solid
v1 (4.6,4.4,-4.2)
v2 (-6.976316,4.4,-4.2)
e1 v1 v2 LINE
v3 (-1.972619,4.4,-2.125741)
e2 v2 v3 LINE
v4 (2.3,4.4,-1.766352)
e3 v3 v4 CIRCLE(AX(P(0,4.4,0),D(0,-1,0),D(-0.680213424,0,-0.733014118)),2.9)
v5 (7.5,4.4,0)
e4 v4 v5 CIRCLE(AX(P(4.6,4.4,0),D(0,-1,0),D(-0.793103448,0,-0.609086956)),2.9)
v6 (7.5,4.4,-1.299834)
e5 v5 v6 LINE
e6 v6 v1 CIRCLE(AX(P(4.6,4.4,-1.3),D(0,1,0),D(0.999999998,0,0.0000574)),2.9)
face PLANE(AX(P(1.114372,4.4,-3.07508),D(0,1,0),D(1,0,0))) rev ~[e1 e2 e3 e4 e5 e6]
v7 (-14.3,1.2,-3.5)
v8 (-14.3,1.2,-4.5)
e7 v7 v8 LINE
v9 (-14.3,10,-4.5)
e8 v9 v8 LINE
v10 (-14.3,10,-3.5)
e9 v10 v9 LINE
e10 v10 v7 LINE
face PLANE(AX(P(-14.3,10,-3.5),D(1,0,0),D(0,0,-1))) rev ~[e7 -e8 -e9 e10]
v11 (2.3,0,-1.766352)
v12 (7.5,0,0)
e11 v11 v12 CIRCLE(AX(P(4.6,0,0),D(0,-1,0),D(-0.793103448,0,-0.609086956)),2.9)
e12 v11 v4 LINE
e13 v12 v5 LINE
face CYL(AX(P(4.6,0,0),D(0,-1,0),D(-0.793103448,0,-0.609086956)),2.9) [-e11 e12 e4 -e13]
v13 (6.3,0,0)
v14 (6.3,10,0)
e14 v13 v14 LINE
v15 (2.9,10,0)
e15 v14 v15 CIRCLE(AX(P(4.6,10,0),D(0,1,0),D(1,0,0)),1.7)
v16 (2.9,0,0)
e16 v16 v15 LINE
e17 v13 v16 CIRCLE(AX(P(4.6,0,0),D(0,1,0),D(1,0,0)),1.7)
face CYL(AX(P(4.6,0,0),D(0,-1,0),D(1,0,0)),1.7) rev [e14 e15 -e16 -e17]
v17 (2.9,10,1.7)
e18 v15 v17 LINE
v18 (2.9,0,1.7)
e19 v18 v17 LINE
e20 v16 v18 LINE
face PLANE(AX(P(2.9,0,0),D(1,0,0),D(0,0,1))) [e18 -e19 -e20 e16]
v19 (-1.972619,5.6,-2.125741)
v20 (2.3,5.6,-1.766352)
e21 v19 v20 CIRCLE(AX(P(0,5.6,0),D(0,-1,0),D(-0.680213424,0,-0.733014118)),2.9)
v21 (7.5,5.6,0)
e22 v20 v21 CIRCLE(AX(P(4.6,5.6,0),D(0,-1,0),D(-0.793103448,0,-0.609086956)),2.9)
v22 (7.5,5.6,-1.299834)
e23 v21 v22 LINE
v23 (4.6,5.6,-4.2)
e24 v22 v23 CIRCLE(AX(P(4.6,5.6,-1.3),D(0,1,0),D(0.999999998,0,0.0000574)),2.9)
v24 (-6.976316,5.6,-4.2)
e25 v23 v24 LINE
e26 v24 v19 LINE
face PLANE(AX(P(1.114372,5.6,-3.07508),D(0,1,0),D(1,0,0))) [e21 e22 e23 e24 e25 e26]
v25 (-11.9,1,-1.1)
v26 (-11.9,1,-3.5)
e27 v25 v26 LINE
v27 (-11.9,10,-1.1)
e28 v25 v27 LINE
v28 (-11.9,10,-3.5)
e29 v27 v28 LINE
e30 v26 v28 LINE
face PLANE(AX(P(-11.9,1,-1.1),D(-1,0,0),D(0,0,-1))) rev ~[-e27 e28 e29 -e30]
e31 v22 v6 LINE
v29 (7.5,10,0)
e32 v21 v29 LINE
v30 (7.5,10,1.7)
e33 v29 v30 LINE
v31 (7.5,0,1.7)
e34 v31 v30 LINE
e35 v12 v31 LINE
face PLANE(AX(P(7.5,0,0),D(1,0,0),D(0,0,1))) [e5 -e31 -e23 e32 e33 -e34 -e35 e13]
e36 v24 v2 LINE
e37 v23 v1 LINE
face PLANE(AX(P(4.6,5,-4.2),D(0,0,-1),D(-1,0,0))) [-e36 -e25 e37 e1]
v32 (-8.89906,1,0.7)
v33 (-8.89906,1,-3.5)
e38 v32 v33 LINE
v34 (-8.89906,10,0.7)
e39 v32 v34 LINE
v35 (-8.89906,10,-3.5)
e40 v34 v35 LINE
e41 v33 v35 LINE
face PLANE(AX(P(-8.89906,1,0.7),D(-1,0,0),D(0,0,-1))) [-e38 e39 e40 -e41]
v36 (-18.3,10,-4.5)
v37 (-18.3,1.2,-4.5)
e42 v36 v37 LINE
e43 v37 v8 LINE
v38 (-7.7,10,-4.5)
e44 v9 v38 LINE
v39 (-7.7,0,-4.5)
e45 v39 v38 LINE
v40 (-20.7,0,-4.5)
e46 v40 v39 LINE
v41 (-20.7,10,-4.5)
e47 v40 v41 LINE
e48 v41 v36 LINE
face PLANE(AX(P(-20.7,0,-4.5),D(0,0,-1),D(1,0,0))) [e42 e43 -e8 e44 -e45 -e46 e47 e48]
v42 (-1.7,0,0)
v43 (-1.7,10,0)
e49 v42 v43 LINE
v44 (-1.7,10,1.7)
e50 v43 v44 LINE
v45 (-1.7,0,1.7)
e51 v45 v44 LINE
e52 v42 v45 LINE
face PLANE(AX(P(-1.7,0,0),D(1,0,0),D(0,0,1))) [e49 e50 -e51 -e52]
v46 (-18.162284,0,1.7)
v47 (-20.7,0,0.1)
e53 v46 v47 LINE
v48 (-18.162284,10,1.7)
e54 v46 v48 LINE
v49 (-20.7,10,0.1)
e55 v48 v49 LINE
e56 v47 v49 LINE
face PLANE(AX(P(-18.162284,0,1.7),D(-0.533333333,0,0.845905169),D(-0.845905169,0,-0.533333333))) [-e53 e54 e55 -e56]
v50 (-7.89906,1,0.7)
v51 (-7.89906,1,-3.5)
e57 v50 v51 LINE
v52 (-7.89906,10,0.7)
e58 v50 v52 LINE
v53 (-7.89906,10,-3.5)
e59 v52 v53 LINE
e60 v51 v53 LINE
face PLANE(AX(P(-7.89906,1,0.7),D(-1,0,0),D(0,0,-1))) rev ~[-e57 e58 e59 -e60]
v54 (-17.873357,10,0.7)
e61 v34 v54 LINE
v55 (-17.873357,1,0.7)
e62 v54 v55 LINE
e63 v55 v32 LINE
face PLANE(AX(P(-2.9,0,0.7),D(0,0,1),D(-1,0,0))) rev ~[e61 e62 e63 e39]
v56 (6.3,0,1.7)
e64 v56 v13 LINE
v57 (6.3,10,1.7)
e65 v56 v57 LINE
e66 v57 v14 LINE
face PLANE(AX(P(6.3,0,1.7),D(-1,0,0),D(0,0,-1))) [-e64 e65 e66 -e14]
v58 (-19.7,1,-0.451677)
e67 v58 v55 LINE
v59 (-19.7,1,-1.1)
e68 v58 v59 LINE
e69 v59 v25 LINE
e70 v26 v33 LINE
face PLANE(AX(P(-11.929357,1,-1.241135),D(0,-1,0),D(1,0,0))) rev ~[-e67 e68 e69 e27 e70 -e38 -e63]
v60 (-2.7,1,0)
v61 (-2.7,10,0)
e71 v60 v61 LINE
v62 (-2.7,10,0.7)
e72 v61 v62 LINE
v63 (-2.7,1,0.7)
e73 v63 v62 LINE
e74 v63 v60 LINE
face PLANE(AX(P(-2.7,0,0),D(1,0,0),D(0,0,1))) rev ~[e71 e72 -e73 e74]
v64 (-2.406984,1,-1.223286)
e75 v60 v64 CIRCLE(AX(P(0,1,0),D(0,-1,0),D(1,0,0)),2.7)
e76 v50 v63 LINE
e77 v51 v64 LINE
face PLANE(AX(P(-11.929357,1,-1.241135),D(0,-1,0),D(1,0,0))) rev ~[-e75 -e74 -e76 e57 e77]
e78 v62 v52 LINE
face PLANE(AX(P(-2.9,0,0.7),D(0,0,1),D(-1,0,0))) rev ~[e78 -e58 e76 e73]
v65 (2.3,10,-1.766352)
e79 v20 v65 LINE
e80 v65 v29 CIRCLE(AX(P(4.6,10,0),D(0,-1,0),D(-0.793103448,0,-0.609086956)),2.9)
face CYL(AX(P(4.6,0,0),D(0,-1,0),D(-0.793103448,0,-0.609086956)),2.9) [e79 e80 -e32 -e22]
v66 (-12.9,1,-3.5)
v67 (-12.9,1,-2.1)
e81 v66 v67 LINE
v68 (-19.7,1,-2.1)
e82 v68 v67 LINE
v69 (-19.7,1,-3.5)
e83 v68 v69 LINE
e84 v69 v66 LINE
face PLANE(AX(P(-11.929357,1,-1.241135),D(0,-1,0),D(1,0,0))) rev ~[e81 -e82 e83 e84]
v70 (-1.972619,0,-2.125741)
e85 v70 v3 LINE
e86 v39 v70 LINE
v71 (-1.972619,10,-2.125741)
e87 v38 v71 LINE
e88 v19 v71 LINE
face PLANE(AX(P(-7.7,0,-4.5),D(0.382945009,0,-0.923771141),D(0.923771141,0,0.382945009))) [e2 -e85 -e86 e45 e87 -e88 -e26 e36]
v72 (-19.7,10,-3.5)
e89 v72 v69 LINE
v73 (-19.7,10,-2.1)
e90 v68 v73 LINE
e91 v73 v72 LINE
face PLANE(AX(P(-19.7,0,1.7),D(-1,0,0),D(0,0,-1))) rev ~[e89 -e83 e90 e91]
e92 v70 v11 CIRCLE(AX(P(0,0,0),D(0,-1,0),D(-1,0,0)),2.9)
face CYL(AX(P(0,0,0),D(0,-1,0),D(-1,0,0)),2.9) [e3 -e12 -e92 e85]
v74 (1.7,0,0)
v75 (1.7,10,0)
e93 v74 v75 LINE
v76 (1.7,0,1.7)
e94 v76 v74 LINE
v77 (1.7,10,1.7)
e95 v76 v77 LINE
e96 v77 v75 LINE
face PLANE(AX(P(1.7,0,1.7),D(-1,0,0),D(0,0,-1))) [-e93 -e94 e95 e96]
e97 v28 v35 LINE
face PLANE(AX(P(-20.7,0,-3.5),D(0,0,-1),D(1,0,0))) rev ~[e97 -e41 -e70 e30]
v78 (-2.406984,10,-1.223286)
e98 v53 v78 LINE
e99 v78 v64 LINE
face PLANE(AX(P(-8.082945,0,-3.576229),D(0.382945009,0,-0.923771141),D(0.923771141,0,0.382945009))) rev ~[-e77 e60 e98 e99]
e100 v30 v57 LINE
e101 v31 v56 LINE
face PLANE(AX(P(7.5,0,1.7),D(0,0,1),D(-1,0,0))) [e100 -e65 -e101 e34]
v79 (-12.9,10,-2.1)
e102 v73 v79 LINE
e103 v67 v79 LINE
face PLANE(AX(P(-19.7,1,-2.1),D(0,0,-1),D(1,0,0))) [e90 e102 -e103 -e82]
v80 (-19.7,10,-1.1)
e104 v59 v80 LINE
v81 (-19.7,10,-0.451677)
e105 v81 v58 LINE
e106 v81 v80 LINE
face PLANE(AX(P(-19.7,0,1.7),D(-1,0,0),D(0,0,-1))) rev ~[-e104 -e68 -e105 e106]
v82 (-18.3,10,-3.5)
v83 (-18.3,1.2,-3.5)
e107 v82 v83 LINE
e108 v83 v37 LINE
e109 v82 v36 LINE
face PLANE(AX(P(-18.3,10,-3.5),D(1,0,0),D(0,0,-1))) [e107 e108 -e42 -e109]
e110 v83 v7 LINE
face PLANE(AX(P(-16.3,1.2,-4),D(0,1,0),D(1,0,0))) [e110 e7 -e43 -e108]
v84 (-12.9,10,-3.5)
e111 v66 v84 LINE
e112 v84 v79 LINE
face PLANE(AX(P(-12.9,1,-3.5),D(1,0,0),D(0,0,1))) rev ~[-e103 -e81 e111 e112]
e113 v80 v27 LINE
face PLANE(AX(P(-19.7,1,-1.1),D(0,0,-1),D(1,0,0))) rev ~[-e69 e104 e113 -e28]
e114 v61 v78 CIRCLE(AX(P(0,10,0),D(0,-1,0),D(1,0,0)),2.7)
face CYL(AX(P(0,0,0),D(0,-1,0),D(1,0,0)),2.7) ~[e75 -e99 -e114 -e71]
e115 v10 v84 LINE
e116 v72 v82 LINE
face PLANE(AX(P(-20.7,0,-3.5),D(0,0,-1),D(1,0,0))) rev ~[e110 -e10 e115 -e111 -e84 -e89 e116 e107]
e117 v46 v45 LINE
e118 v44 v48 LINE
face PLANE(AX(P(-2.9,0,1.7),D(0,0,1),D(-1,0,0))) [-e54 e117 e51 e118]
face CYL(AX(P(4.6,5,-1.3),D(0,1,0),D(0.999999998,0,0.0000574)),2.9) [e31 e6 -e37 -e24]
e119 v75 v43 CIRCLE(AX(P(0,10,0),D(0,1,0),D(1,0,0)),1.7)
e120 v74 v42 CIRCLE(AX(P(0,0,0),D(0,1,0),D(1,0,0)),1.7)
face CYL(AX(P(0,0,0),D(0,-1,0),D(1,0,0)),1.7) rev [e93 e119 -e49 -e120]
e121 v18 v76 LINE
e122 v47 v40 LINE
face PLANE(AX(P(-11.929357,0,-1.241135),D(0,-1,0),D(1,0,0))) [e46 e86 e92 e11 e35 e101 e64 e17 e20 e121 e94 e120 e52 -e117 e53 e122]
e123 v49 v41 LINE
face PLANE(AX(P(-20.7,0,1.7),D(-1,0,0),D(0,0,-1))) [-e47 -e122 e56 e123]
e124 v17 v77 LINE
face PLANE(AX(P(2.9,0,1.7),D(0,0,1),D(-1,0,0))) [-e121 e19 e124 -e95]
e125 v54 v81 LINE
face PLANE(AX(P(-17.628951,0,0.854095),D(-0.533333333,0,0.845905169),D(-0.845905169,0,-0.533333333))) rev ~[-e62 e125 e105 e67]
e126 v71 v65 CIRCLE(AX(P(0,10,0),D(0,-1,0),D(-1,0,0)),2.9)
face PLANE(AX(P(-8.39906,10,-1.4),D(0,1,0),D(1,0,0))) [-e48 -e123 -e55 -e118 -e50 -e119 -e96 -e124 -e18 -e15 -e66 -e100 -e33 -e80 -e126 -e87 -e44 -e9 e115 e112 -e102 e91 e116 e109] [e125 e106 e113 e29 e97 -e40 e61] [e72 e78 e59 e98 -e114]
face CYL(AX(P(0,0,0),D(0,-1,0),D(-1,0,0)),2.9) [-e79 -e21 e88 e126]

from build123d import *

# Parameters (mm, degrees)
BOSS_EXTRUDE1_DEPTH = 10
BOSS_EXTRUDE2_DEPTH = 10
CUT_EXTRUDE1_DEPTH  = 10
SHELL2_T            = -1
SKETCH4_W           = 1
SKETCH4_H           = 4.2
BOSS_EXTRUDE3_DEPTH = 9
SKETCH7_W           = 6.8
SKETCH7_H           = 1
BOSS_EXTRUDE4_DEPTH = 9
SKETCH8_W           = 4
SKETCH8_H           = 1
CUT_EXTRUDE2_DEPTH  = 8.8
BOSS_EXTRUDE5_DEPTH = 0.6


with BuildPart() as part:
    # Sketch1 → Boss-Extrude1 (new body)
    with BuildSketch(Plane(origin=(0, 0, 0), x_dir=(1, 0, 0), z_dir=(0, 1, 0))):
        with BuildLine():
            ThreePointArc((-2.9, 0), (-0.932737905, 2.745906044), (2.3, 1.766352173))
            ThreePointArc((2.3, 1.766352173), (5.532737905, 2.745906044), (7.5, 0))
            Line((7.5, 0), (7.5, -1.7))
            Line((7.5, -1.7), (6.3, -1.7))
            Line((6.3, -1.7), (6.3, 0))
            ThreePointArc((6.3, 0), (4.6, 1.7), (2.9, 0))
            Line((2.9, 0), (2.9, -1.7))
            Line((2.9, -1.7), (1.7, -1.7))
            Line((1.7, -1.7), (1.7, 0))
            ThreePointArc((1.7, 0), (0, 1.7), (-1.7, 0))
            Line((-1.7, 0), (-1.7, -1.7))
            Line((-1.7, -1.7), (-2.9, -1.7))
            Line((-2.9, -1.7), (-2.9, 0))
        make_face()
    extrude(amount=BOSS_EXTRUDE1_DEPTH)

    # Sketch2 → Boss-Extrude2 (add)
    with BuildSketch(Plane.XZ):
        with BuildLine():
            Line((-2.9, 1.7), (-20.7, 1.7))
            Line((-20.7, 1.7), (-20.7, -4.5))
            Line((-20.7, -4.5), (-7.7, -4.5))
            Line((-7.7, -4.5), (-1.972618929, -2.125740944))
            ThreePointArc((-1.972618929, -2.125740944), (-2.658062724, -1.159613105), (-2.9, 0))
            Line((-2.9, 0), (-2.9, 1.7))
        make_face()
    extrude(amount=-BOSS_EXTRUDE2_DEPTH)

    # Sketch3 → Cut-Extrude1 (cut)
    with BuildSketch(Plane.XZ):
        Polygon((-18.162284492, 1.7), (-20.7, 0.1), (-20.7, 1.7), align=None)
    extrude(amount=-CUT_EXTRUDE1_DEPTH, mode=Mode.SUBTRACT)

    # Shell2
    shell2_openings = [part.faces().sort_by_distance(p)[0] for p in [
        (-2.051423917, 10, -0.549910722),
    ]]
    offset(amount=SHELL2_T, openings=shell2_openings, kind=Kind.INTERSECTION)

    # Sketch4 → Boss-Extrude3 (add)
    with BuildSketch(Plane(origin=(0, 1, 0), x_dir=(1, 0, 0), z_dir=(0, 1, 0))):
        with Locations((-8.399059546, 1.4)):
            Rectangle(SKETCH4_W, SKETCH4_H)
    extrude(amount=BOSS_EXTRUDE3_DEPTH)

    # Sketch7 → Boss-Extrude4 (add)
    with BuildSketch(Plane(origin=(0, 1, 0), x_dir=(1, 0, 0), z_dir=(0, 1, 0))):
        with Locations((-16.3, 1.6)):
            Rectangle(SKETCH7_W, SKETCH7_H)
        Polygon((-11.9, 3.5), (-12.9, 3.5), (-12.9, 2.1), (-12.9, 1.1), (-11.9, 1.1), align=None)
    extrude(amount=BOSS_EXTRUDE4_DEPTH)

    # Sketch8 → Cut-Extrude2 (cut)
    with BuildSketch(Plane(origin=(0, 10, 0), x_dir=(1, 0, 0), z_dir=(0, 1, 0))):
        with Locations((-16.3, 4)):
            Rectangle(SKETCH8_W, SKETCH8_H)
    extrude(amount=-CUT_EXTRUDE2_DEPTH, mode=Mode.SUBTRACT)

    # Sketch9 → Boss-Extrude5 (add, symmetric)
    with BuildSketch(Plane(origin=(0, 5, 0), x_dir=(1, 0, 0), z_dir=(0, 1, 0))):
        with BuildLine():
            Line((0, 4.2), (-6.976315566, 4.2))
            Line((-6.976315566, 4.2), (-1.972618929, 2.125740944))
            ThreePointArc((-1.972618929, 2.125740944), (0.243073371, 2.889795034), (2.3, 1.766352173))
            ThreePointArc((2.3, 1.766352173), (5.532737905, 2.745906044), (7.5, 0))
            Line((7.5, 0), (7.5, 1.299833538))
            ThreePointArc((7.5, 1.299833538), (6.65066852, 3.350550812), (4.6, 4.2))
            Line((4.6, 4.2), (0, 4.2))
        make_face()
    extrude(amount=BOSS_EXTRUDE5_DEPTH, both=True)


solid = part.part
